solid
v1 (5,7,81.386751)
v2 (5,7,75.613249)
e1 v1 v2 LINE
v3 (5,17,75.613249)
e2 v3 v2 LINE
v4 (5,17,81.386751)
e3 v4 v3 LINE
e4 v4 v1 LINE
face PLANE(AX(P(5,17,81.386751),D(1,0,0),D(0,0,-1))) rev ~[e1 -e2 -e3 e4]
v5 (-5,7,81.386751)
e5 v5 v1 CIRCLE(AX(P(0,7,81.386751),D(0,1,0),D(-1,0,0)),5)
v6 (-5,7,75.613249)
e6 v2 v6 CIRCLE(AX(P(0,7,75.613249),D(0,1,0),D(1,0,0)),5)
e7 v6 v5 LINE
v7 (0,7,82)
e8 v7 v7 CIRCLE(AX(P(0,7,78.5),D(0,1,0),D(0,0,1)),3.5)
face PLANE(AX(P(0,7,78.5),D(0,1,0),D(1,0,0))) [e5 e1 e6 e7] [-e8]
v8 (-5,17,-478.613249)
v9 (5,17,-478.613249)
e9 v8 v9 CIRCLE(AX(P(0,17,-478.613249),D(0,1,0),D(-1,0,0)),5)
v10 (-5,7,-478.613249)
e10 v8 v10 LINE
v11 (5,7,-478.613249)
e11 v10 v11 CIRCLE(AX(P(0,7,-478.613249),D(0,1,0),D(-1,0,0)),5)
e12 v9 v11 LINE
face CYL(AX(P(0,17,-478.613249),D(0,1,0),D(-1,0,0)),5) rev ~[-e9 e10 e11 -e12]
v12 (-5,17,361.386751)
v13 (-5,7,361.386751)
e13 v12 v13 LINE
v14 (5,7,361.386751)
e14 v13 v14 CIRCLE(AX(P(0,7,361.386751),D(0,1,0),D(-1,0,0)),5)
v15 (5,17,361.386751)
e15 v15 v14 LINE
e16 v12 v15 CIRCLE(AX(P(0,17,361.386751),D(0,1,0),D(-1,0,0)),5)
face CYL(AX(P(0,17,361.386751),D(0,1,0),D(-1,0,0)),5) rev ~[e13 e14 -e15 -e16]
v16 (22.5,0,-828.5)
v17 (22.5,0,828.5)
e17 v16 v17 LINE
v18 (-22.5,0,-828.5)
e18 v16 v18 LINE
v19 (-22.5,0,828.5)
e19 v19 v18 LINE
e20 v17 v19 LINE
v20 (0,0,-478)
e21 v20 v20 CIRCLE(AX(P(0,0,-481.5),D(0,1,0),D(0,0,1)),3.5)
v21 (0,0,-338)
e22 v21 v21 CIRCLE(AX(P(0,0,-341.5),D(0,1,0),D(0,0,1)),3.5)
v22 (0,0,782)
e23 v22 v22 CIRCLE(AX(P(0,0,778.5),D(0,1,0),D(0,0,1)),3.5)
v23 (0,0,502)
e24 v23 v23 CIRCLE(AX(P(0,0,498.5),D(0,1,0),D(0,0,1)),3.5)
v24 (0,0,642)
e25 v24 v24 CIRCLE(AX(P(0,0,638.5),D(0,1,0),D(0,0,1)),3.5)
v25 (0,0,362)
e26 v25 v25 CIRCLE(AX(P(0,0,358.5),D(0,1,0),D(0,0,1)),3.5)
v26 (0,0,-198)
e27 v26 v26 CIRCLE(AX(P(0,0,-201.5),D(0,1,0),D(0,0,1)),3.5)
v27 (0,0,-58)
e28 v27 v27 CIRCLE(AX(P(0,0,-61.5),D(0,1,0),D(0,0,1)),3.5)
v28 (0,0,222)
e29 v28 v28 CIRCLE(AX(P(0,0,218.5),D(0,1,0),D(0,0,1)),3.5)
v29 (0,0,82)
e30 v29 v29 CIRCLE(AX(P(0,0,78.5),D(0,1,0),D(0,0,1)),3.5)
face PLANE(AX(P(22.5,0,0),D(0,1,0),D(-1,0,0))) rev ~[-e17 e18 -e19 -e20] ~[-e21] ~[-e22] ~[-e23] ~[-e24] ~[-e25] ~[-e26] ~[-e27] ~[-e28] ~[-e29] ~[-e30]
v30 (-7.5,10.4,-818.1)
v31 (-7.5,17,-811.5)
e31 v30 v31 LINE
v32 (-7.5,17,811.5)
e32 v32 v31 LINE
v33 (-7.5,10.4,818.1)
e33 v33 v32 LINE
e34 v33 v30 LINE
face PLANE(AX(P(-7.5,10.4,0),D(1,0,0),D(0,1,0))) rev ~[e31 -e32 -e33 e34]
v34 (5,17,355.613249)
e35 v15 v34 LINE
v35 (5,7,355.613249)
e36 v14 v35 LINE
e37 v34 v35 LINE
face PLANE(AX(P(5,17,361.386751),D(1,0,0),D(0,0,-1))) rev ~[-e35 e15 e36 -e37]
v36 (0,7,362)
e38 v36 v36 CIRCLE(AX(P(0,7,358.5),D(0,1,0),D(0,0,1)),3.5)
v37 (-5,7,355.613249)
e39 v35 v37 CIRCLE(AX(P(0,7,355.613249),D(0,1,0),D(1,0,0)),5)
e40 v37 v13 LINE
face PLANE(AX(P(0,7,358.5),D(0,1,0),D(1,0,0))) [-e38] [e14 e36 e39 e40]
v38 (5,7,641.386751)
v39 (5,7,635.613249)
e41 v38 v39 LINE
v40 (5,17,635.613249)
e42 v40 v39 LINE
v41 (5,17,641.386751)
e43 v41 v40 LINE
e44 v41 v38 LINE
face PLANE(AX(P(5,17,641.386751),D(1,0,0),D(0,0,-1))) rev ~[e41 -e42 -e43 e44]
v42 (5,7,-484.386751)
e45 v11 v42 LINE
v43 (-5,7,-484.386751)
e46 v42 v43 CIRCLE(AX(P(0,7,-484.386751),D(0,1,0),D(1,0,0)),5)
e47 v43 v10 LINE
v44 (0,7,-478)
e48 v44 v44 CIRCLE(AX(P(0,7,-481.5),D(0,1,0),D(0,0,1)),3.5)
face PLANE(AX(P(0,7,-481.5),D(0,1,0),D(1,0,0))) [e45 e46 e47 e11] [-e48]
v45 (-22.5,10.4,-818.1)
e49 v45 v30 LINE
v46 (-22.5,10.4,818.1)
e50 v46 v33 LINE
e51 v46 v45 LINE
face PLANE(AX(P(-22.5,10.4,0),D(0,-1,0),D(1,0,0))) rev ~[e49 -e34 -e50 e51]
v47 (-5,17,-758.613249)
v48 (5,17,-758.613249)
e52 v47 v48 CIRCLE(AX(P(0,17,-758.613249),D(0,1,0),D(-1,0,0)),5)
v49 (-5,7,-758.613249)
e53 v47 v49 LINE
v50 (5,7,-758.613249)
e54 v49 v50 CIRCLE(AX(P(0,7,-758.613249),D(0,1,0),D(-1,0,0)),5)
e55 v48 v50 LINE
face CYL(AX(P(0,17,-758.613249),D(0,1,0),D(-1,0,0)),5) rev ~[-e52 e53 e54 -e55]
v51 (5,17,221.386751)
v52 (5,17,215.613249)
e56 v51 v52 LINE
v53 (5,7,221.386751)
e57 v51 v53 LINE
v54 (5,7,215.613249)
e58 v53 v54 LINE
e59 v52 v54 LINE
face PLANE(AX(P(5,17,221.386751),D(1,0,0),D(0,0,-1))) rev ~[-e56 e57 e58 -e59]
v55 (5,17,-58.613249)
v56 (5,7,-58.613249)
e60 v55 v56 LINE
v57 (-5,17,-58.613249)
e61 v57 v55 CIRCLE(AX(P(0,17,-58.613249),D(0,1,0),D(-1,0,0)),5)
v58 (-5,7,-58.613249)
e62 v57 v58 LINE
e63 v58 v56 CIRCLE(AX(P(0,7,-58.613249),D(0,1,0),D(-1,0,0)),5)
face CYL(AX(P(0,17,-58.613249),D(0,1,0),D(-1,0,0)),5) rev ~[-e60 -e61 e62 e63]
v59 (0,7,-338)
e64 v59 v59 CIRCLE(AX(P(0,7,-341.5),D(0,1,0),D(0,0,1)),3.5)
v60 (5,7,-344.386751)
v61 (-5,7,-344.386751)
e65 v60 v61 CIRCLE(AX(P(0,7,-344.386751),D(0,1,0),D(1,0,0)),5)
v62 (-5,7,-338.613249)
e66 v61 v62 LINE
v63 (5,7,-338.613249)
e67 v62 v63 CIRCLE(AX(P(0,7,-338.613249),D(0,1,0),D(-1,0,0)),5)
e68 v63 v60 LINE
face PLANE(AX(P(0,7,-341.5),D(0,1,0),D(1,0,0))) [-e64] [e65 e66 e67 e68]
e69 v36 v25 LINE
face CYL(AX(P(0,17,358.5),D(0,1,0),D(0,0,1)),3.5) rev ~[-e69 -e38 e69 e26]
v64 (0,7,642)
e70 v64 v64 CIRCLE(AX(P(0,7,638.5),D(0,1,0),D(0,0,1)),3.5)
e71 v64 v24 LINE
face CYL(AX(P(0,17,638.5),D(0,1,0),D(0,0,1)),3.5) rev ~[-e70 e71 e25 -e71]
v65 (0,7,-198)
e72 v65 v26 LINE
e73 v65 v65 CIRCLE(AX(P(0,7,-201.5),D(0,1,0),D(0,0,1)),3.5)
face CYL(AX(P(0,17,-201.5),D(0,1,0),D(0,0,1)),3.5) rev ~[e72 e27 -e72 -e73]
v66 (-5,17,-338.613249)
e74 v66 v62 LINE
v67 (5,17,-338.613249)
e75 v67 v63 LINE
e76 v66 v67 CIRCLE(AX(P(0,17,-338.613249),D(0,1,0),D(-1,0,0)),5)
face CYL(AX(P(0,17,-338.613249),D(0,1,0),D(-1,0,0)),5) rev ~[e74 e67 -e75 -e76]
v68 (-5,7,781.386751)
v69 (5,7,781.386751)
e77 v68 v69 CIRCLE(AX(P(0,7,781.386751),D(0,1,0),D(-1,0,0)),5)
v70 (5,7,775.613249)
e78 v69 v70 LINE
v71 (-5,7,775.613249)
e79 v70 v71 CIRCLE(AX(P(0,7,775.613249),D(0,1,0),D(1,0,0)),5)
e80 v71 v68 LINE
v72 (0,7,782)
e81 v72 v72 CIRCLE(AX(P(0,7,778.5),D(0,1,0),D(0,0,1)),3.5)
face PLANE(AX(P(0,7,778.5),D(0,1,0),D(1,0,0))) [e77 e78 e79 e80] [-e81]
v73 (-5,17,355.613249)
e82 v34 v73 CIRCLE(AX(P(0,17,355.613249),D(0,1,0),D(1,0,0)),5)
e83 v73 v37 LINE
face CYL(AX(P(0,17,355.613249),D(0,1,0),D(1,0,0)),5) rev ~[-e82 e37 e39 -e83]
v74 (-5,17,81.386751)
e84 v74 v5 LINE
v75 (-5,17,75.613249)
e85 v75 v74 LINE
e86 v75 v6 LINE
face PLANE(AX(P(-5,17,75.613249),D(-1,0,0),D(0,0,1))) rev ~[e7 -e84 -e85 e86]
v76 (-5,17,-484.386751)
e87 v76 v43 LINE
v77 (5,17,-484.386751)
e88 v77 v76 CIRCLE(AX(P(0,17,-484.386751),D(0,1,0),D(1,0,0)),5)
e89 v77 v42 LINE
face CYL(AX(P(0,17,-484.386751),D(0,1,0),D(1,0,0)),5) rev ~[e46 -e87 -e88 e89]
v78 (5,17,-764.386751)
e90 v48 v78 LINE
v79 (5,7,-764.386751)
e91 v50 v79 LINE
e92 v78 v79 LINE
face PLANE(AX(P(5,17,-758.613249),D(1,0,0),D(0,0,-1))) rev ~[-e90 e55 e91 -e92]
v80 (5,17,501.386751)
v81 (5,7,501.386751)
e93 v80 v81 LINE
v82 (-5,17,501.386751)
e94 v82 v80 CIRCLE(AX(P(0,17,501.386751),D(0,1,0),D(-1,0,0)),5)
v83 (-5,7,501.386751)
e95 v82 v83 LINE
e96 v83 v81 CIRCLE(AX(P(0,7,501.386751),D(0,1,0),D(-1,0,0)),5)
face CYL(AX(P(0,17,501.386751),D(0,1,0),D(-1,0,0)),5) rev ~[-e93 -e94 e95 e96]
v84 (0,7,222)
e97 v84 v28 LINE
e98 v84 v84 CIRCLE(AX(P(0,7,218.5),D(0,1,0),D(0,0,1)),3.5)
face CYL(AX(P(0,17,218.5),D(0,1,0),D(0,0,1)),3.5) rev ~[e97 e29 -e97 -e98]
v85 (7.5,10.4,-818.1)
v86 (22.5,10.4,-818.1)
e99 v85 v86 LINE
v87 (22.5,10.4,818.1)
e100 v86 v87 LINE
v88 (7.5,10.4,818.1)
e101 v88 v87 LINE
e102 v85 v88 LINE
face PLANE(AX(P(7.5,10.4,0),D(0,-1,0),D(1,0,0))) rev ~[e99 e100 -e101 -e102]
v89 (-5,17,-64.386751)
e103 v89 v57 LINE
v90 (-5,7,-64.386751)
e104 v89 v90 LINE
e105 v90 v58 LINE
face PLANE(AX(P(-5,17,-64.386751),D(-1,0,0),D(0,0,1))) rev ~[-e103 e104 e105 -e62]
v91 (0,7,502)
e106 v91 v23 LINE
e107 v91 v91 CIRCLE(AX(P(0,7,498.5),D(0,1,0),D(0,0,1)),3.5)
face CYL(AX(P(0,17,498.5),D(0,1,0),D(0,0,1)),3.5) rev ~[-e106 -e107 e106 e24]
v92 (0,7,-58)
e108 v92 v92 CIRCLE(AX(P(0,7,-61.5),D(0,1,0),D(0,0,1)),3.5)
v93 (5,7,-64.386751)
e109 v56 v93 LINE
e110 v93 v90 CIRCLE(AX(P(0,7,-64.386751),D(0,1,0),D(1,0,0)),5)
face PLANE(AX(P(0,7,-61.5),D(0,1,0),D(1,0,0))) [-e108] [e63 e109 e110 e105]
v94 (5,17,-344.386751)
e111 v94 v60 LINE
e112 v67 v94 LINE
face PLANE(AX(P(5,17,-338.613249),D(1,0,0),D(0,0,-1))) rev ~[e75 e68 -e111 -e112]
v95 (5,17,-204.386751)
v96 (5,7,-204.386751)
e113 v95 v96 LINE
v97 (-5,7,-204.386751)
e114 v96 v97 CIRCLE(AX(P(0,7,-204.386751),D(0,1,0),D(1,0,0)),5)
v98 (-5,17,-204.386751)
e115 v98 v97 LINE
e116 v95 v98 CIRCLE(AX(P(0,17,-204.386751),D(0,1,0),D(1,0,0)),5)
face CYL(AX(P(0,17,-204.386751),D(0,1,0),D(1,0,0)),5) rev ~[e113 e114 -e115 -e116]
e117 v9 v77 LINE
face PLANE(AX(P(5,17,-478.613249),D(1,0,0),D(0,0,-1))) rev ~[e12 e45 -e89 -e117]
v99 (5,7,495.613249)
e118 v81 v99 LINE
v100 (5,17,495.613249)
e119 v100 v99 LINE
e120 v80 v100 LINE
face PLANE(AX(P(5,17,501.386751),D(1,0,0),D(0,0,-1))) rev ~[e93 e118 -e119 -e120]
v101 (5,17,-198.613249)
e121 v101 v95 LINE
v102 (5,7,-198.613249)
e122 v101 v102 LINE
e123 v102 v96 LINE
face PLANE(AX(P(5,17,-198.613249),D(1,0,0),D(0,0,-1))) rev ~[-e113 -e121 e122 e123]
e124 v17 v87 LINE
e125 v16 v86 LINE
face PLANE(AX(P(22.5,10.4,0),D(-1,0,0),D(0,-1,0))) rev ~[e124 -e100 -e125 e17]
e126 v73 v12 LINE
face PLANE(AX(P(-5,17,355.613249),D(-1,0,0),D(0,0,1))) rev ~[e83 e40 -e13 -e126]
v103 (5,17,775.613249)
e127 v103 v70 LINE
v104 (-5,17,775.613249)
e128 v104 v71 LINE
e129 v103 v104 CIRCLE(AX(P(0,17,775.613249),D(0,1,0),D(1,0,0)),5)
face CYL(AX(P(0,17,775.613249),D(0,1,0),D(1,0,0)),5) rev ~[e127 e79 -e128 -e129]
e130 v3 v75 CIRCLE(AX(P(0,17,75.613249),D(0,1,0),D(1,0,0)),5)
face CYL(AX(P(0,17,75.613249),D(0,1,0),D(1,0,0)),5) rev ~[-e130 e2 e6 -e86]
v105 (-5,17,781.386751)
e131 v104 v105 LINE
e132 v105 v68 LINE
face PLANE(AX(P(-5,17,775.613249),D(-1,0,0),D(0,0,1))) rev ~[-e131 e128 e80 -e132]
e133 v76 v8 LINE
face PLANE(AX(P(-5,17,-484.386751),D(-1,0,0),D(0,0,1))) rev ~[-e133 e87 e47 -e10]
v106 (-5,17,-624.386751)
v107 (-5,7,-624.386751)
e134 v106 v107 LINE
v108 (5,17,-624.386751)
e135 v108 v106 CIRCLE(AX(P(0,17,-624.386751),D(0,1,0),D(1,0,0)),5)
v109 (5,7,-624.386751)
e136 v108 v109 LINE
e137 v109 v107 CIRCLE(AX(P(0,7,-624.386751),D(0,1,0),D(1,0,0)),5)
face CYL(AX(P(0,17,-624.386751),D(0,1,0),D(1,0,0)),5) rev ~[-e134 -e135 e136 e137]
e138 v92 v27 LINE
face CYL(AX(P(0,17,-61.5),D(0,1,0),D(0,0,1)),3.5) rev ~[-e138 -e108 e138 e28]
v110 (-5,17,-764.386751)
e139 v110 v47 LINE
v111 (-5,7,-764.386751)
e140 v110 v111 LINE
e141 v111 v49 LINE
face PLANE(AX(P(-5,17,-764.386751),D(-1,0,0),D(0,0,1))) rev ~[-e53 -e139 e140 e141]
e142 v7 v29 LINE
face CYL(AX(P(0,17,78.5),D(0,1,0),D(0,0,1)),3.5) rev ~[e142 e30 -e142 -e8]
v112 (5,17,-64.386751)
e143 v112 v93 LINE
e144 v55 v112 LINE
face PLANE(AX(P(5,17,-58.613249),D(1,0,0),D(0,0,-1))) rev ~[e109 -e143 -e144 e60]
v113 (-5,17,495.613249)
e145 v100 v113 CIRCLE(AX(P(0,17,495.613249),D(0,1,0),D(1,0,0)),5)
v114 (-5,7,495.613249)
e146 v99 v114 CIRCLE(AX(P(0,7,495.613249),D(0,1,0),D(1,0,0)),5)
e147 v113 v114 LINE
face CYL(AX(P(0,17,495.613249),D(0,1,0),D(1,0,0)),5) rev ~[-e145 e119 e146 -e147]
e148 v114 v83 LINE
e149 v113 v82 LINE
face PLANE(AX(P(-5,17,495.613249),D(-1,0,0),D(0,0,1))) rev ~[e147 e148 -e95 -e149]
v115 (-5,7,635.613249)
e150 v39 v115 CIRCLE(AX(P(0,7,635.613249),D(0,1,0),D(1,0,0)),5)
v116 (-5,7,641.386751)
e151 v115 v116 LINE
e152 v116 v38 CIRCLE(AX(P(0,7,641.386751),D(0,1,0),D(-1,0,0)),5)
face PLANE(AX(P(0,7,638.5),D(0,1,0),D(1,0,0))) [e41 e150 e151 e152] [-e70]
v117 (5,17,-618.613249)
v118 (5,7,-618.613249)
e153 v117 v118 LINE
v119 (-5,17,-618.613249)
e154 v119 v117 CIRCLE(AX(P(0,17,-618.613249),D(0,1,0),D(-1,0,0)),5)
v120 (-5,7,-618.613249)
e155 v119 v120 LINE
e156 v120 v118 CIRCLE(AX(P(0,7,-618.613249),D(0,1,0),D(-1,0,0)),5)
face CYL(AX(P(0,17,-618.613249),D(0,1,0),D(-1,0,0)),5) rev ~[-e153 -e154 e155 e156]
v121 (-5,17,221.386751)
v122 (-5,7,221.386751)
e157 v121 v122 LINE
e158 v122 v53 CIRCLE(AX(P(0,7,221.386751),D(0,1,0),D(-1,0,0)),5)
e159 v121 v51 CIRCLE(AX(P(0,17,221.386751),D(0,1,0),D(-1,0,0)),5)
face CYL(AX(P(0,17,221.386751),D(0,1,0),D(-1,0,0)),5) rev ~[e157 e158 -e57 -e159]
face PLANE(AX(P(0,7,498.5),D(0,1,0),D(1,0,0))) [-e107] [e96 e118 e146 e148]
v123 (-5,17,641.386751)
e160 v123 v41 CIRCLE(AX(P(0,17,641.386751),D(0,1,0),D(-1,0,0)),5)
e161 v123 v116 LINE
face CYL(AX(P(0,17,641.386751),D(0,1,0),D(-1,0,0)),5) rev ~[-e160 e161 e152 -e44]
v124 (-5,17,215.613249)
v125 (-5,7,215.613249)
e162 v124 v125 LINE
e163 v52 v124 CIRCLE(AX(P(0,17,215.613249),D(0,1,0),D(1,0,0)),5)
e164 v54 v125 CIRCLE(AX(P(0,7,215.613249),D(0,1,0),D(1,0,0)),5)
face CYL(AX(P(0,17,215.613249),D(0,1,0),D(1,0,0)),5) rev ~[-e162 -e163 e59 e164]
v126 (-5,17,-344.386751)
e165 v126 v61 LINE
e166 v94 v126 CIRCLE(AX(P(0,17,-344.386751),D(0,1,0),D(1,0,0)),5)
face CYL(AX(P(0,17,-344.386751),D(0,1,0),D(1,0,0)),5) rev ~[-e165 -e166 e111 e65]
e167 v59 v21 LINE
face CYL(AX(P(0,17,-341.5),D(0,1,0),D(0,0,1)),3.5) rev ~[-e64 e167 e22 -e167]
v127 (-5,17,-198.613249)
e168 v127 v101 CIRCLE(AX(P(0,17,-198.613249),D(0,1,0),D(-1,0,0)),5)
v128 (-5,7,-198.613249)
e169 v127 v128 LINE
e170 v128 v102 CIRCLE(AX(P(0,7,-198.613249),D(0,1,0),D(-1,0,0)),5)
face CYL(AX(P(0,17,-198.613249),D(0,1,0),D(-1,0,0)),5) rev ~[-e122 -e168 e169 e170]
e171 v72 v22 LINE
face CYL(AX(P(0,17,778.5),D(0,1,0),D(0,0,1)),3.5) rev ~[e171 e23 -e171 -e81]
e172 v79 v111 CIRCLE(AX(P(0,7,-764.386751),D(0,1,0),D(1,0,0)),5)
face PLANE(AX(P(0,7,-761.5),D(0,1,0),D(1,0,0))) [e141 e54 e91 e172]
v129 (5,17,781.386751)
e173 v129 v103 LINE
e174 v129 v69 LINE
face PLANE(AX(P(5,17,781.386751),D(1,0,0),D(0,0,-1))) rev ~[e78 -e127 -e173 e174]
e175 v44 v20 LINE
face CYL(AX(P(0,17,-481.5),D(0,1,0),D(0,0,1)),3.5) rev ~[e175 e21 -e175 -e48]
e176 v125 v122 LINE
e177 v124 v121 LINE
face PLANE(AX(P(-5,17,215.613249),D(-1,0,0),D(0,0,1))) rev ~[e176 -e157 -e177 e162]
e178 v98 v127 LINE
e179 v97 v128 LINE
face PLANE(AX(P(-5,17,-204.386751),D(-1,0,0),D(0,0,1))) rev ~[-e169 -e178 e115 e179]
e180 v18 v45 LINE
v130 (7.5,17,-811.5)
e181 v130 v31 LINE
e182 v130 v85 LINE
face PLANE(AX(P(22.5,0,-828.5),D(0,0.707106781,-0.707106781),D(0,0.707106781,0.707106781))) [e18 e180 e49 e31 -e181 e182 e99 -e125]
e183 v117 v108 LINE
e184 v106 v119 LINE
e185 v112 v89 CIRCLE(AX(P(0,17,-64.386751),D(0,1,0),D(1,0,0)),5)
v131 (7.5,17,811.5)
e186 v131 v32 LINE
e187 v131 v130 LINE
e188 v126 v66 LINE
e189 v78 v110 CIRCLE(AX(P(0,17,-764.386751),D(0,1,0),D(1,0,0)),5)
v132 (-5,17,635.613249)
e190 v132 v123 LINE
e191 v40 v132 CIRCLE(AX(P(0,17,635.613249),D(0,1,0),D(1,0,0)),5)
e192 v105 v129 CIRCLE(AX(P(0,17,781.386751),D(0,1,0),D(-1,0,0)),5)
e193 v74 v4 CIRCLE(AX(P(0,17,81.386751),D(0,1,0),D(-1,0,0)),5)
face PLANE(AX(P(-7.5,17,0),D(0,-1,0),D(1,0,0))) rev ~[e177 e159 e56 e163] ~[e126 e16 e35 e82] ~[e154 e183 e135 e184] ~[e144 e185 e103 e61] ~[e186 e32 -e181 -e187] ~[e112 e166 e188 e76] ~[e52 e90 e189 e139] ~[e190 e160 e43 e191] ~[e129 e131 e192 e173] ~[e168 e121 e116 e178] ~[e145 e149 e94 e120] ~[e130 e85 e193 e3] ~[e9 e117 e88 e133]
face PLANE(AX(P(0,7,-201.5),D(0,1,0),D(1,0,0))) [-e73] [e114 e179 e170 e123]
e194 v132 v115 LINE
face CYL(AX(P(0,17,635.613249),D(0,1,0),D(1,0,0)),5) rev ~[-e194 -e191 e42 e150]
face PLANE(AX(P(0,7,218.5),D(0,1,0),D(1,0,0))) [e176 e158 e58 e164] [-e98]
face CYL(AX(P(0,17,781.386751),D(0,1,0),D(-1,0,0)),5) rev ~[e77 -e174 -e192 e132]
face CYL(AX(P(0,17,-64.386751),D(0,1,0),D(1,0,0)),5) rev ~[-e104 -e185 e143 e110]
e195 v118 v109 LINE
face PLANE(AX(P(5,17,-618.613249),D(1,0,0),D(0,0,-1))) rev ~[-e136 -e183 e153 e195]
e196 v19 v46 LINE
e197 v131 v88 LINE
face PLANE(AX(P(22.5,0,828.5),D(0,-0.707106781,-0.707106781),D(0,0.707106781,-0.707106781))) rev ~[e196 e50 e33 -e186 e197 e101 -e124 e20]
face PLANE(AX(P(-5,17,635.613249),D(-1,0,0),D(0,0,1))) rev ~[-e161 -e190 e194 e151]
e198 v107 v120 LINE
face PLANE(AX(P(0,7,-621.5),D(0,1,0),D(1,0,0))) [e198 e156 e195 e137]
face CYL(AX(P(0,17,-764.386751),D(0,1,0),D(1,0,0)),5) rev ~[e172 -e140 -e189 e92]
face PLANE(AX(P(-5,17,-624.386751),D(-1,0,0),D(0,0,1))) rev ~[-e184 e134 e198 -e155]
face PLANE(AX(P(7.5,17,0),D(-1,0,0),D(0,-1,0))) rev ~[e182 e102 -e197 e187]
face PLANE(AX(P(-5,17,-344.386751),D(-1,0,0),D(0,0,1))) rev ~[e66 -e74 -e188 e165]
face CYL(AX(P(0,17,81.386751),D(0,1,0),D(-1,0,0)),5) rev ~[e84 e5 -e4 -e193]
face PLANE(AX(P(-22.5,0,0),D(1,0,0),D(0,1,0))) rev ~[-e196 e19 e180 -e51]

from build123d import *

# Parameters (mm, degrees)
EXTRUDE_1_DEPTH        = 828.5
SKETCH_2_R             = 3.5
CUT_EXTRUDE_1_DEPTH    = 829.979794687
CUT_EXTRUDE_2_DEPTH    = 830.895324725
CUT_EXTRUDE_3_DEPTH    = 10
PATTERN_LINEAR_1_COUNT = 12
PATTERN_LINEAR_1_PITCH = 140


with BuildPart() as part:
    # Эскиз1 → Бобышка-Вытянуть1 (new, symmetric)
    with BuildSketch(Plane.XY):
        Polygon((22.5, 0), (-22.5, 0), (-22.5, 10.4), (-7.5, 10.4), (-7.5, 17), (7.5, 17), (7.5, 10.4), (22.5, 10.4), align=None)
    extrude(amount=EXTRUDE_1_DEPTH, both=True)

    # Эскиз2 → Вырез-Вытянуть1 (cut, through all)
    with BuildSketch(Plane(origin=(0, 17, 0), x_dir=(1, 0, 0), z_dir=(0, 1, 0))):
        with Locations(Location((0, -778.5, 0), (0, 0, 270))):
            Circle(SKETCH_2_R)
        with Locations(Location((0, -638.5, 0), (0, 0, 270))):
            Circle(SKETCH_2_R)
        with Locations(Location((0, -498.5, 0), (0, 0, 270))):
            Circle(SKETCH_2_R)
        with Locations(Location((0, -358.5, 0), (0, 0, 270))):
            Circle(SKETCH_2_R)
        with Locations(Location((0, -218.5, 0), (0, 0, 270))):
            Circle(SKETCH_2_R)
        with Locations(Location((0, -78.5, 0), (0, 0, 270))):
            Circle(SKETCH_2_R)
        with Locations(Location((0, 61.5, 0), (0, 0, 270))):
            Circle(SKETCH_2_R)
        with Locations(Location((0, 201.5, 0), (0, 0, 270))):
            Circle(SKETCH_2_R)
        with Locations(Location((0, 341.5, 0), (0, 0, 270))):
            Circle(SKETCH_2_R)
        with Locations(Location((0, 481.5, 0), (0, 0, 270))):
            Circle(SKETCH_2_R)
    extrude(amount=-CUT_EXTRUDE_1_DEPTH, mode=Mode.SUBTRACT)

    # Эскиз5 → Вырез-Вытянуть2 (cut, through all)
    with BuildSketch(Plane(origin=(22.5, 0, 0), x_dir=(0, 0, -1), z_dir=(1, 0, 0))):
        Polygon((-828.5, 0), (-811.5, 17), (-828.5, 17), align=None)
        Polygon((828.5, 17), (828.5, 0), (811.5, 17), align=None)
    extrude(amount=-CUT_EXTRUDE_2_DEPTH, mode=Mode.SUBTRACT)

    # Эскиз6 → Вырез-Вытянуть3 (cut)
    with BuildSketch(Plane(origin=(0, 17, 0), x_dir=(1, 0, 0), z_dir=(0, 1, 0))):
        with BuildLine():
            Line((-5, -775.613248654), (-5, -781.386751346))
            ThreePointArc((-5, -781.386751346), (0, -786.386751346), (5, -781.386751346))
            Line((5, -781.386751346), (5, -775.613248654))
            ThreePointArc((5, -775.613248654), (0, -770.613248654), (-5, -775.613248654))
        make_face()
    cut_extrude_3 = extrude(amount=-CUT_EXTRUDE_3_DEPTH, mode=Mode.SUBTRACT)

    # Линейный массив1: Вырез-Вытянуть3 ×12
    with Locations(*[(0, 0, -i * PATTERN_LINEAR_1_PITCH) for i in range(1, PATTERN_LINEAR_1_COUNT)]):
        add(cut_extrude_3, mode=Mode.SUBTRACT)


solid = part.part
